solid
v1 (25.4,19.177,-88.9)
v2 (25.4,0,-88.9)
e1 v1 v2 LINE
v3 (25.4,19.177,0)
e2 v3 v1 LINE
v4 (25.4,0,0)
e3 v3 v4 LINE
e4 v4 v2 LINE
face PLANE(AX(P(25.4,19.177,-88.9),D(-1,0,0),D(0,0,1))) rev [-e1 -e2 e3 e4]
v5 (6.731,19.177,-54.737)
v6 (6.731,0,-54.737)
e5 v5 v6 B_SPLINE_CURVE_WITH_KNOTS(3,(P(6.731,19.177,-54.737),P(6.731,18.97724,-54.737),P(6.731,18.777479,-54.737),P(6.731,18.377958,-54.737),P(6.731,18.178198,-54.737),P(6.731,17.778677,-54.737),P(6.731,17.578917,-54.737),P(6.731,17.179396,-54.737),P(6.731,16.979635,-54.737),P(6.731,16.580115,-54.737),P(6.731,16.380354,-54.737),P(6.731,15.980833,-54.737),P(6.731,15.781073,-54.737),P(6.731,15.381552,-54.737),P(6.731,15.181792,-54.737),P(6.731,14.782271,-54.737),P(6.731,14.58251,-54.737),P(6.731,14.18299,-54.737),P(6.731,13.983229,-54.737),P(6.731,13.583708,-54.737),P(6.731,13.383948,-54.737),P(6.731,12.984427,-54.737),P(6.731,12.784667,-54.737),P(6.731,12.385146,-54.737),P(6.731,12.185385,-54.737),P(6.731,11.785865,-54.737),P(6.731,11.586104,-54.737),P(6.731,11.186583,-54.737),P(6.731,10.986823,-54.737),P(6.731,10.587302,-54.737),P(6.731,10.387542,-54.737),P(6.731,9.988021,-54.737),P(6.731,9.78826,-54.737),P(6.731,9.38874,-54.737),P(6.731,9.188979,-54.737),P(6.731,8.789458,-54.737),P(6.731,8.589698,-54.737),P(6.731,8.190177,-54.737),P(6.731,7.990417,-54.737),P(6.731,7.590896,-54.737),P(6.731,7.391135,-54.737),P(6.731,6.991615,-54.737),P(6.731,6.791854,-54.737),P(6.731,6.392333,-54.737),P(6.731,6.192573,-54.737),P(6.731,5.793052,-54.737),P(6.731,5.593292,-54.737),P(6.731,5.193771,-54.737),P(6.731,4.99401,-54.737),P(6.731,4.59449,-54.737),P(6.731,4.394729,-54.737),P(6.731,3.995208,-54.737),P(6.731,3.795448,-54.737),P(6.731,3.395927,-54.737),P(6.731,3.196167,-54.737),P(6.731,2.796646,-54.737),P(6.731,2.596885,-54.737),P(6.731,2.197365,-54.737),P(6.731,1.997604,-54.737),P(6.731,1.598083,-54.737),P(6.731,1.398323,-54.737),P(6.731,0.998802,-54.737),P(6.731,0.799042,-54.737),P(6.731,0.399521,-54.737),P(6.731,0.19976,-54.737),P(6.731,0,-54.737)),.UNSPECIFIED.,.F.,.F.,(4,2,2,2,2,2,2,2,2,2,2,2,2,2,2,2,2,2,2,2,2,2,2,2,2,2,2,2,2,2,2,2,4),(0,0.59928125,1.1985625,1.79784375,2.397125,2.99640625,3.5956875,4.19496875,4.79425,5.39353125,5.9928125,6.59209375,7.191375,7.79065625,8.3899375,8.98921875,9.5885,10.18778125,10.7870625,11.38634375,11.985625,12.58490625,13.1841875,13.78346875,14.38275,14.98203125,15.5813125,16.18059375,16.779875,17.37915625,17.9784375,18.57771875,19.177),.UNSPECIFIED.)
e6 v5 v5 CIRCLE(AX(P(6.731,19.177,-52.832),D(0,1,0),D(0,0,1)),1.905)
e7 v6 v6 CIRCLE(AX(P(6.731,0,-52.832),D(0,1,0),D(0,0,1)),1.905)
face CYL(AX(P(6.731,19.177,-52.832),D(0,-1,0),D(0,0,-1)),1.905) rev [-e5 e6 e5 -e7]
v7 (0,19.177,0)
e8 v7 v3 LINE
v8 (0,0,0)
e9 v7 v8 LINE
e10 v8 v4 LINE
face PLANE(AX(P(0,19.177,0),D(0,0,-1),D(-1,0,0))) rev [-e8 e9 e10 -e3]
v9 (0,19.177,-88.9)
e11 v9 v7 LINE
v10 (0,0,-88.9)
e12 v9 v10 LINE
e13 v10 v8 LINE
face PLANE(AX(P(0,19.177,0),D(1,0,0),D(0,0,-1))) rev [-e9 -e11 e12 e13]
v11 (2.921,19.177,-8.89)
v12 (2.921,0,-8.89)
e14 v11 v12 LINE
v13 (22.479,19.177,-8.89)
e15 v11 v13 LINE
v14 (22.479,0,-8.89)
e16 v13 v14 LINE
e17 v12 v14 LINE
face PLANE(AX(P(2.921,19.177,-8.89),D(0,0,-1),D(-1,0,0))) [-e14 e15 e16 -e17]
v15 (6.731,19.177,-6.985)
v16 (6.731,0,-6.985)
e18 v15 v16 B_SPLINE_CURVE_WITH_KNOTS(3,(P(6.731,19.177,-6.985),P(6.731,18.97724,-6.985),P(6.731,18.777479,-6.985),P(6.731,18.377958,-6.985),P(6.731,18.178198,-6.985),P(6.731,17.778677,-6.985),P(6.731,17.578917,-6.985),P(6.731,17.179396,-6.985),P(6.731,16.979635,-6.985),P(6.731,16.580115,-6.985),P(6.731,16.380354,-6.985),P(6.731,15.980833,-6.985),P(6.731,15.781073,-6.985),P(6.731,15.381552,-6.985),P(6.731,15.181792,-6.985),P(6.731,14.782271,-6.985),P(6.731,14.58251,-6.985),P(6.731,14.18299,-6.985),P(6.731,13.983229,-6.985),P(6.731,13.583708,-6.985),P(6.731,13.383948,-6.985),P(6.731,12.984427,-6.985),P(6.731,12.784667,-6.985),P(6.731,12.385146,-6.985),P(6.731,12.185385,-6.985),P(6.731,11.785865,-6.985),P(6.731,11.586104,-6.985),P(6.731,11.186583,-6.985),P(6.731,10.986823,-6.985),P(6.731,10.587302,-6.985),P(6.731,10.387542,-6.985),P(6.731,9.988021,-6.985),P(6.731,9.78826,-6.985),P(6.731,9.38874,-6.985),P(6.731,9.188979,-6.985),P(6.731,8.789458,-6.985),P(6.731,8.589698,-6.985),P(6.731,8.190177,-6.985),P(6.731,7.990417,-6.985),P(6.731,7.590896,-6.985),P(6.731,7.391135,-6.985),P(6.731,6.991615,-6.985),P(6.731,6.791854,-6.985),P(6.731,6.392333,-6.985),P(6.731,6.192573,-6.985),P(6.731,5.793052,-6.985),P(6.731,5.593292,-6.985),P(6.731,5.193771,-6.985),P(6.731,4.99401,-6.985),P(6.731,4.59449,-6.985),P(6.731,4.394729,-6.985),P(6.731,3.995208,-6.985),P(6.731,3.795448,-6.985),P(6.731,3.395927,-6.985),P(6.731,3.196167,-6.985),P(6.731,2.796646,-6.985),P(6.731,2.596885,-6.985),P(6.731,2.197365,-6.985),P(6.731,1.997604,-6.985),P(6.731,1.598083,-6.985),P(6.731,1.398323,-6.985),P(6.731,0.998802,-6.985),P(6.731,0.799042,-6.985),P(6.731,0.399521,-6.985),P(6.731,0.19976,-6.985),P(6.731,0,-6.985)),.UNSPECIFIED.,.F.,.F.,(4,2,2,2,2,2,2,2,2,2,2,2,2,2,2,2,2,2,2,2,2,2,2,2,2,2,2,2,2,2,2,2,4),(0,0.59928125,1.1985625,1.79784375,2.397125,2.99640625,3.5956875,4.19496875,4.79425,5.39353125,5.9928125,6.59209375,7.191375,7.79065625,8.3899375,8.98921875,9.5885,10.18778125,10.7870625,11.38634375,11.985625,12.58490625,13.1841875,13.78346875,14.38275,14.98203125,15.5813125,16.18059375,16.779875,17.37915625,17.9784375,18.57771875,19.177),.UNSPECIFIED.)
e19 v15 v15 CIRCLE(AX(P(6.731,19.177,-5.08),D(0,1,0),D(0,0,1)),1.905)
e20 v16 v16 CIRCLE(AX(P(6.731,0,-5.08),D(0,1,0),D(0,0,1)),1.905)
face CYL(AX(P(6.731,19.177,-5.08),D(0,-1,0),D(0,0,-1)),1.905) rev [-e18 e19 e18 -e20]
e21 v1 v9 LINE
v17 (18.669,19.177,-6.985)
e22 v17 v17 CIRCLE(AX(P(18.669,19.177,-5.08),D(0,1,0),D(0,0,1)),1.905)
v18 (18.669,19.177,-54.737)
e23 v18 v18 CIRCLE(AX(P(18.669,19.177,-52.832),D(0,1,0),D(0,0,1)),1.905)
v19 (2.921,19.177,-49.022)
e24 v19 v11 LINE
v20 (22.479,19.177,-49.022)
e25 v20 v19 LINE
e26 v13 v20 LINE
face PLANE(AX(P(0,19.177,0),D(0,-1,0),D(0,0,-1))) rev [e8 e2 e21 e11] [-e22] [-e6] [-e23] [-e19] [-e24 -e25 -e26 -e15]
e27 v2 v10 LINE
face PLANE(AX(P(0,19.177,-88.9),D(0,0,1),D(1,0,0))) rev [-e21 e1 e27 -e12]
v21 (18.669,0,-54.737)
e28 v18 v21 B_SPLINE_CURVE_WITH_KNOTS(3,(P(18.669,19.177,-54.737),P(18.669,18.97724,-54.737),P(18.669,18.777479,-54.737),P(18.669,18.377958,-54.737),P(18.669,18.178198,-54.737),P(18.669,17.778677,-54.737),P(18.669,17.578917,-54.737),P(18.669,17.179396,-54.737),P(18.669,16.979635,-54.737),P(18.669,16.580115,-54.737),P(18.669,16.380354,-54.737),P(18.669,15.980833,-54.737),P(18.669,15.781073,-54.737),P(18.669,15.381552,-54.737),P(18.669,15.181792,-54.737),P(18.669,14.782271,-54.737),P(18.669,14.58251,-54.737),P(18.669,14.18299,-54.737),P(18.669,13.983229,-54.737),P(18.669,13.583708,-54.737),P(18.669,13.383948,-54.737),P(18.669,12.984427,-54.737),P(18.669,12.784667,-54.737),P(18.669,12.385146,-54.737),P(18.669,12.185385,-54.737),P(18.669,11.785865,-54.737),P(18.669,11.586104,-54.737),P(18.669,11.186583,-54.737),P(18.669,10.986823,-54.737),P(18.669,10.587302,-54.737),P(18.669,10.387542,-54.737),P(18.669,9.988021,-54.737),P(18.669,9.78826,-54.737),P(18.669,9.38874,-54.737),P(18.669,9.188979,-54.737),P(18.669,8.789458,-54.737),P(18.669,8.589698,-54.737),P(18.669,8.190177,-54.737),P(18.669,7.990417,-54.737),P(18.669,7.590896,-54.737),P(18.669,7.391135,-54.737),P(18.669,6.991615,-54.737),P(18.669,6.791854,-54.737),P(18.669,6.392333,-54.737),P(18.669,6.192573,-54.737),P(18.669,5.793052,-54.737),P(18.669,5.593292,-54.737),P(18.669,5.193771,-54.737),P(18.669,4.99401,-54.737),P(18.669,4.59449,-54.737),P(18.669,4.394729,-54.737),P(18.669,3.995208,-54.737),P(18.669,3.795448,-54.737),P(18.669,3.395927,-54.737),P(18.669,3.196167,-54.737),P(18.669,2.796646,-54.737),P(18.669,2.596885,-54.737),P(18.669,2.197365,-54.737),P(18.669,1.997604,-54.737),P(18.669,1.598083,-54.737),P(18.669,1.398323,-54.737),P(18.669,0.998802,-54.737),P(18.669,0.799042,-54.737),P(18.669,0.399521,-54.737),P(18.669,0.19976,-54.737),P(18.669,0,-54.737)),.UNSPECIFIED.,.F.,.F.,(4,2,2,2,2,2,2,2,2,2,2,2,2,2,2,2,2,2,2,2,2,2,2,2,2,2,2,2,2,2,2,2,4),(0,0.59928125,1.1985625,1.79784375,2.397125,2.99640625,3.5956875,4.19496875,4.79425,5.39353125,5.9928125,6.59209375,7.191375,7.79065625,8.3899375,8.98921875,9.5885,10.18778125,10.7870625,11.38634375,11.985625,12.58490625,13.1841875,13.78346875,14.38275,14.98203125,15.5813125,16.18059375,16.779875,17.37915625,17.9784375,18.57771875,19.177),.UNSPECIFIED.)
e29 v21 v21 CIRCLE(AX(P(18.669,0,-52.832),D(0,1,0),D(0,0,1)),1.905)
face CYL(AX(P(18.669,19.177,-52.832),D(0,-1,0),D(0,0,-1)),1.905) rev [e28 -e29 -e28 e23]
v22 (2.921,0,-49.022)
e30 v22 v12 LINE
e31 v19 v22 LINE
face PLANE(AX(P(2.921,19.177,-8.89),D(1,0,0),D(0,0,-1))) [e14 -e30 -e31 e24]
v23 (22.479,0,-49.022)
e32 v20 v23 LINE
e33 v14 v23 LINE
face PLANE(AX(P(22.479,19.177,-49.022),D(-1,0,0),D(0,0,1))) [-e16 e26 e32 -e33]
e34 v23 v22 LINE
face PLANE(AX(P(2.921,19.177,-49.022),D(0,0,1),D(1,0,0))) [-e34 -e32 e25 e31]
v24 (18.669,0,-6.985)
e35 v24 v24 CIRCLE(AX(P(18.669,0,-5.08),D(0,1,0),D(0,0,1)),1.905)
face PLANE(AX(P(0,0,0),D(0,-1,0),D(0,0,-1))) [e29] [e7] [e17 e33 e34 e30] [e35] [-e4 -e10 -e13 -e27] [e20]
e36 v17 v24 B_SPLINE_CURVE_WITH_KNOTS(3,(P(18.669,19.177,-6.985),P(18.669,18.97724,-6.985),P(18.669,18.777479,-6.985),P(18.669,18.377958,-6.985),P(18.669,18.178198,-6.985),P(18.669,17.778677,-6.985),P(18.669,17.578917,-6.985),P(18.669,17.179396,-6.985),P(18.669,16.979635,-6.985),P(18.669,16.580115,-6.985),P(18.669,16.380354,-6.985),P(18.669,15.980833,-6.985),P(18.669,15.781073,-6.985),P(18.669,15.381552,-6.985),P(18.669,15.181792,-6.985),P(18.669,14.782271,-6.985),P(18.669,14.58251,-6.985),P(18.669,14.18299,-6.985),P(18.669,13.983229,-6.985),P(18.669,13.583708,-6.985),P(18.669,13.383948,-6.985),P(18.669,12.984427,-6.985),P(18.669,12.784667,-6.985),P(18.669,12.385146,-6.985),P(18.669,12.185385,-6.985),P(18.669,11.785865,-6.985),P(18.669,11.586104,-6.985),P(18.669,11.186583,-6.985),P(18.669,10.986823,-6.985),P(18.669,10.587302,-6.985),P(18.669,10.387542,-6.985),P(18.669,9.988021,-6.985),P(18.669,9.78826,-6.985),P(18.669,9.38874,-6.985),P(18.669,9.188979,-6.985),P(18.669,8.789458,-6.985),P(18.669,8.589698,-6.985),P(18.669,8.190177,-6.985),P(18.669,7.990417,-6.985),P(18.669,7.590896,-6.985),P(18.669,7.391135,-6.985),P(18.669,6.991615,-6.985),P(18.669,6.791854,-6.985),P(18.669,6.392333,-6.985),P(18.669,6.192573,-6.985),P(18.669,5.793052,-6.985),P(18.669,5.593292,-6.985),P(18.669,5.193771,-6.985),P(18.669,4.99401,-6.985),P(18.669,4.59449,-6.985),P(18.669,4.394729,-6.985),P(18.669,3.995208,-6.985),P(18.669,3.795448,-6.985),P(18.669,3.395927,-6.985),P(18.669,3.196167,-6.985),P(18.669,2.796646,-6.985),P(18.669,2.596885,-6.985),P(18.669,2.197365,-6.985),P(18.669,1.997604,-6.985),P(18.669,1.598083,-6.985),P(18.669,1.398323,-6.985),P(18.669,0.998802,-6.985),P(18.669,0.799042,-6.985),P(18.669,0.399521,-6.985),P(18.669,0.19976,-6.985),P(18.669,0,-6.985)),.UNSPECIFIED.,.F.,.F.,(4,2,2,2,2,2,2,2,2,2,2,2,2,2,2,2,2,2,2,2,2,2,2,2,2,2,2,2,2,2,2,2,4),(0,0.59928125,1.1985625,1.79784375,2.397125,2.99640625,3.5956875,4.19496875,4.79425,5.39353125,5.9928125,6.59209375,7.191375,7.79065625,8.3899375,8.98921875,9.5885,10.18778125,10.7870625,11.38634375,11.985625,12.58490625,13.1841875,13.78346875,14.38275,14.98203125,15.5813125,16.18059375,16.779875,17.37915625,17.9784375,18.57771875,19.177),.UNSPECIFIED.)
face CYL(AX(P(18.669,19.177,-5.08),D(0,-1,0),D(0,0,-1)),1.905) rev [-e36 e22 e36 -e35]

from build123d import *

# Parameters (mm, degrees)
SKETCH1_W           = 25.4
SKETCH1_H           = 88.9
SKETCH1_R           = 1.905
SKETCH1_W_2         = 19.558
SKETCH1_H_2         = 40.132
BOSS_EXTRUDE1_DEPTH = 19.177


with BuildPart() as part:
    # Sketch1 → Boss-Extrude1 (new body)
    with BuildSketch(Plane(origin=(0, 0, 0), x_dir=(1, 0, 0), z_dir=(0, 1, 0))):
        with Locations((12.7, 44.45)):
            Rectangle(SKETCH1_W, SKETCH1_H)
        with Locations(Location((6.731, 52.832, 0), (0, 0, 90))):
            Circle(SKETCH1_R, mode=Mode.SUBTRACT)
        with Locations(Location((18.669, 52.832, 0), (0, 0, 90))):
            Circle(SKETCH1_R, mode=Mode.SUBTRACT)
        with Locations(Location((6.731, 5.08, 0), (0, 0, 90))):
            Circle(SKETCH1_R, mode=Mode.SUBTRACT)
        with Locations(Location((18.669, 5.08, 0), (0, 0, 90))):
            Circle(SKETCH1_R, mode=Mode.SUBTRACT)
        with Locations((12.7, 28.956)):
            Rectangle(SKETCH1_W_2, SKETCH1_H_2, mode=Mode.SUBTRACT)
    extrude(amount=BOSS_EXTRUDE1_DEPTH)


solid = part.part
